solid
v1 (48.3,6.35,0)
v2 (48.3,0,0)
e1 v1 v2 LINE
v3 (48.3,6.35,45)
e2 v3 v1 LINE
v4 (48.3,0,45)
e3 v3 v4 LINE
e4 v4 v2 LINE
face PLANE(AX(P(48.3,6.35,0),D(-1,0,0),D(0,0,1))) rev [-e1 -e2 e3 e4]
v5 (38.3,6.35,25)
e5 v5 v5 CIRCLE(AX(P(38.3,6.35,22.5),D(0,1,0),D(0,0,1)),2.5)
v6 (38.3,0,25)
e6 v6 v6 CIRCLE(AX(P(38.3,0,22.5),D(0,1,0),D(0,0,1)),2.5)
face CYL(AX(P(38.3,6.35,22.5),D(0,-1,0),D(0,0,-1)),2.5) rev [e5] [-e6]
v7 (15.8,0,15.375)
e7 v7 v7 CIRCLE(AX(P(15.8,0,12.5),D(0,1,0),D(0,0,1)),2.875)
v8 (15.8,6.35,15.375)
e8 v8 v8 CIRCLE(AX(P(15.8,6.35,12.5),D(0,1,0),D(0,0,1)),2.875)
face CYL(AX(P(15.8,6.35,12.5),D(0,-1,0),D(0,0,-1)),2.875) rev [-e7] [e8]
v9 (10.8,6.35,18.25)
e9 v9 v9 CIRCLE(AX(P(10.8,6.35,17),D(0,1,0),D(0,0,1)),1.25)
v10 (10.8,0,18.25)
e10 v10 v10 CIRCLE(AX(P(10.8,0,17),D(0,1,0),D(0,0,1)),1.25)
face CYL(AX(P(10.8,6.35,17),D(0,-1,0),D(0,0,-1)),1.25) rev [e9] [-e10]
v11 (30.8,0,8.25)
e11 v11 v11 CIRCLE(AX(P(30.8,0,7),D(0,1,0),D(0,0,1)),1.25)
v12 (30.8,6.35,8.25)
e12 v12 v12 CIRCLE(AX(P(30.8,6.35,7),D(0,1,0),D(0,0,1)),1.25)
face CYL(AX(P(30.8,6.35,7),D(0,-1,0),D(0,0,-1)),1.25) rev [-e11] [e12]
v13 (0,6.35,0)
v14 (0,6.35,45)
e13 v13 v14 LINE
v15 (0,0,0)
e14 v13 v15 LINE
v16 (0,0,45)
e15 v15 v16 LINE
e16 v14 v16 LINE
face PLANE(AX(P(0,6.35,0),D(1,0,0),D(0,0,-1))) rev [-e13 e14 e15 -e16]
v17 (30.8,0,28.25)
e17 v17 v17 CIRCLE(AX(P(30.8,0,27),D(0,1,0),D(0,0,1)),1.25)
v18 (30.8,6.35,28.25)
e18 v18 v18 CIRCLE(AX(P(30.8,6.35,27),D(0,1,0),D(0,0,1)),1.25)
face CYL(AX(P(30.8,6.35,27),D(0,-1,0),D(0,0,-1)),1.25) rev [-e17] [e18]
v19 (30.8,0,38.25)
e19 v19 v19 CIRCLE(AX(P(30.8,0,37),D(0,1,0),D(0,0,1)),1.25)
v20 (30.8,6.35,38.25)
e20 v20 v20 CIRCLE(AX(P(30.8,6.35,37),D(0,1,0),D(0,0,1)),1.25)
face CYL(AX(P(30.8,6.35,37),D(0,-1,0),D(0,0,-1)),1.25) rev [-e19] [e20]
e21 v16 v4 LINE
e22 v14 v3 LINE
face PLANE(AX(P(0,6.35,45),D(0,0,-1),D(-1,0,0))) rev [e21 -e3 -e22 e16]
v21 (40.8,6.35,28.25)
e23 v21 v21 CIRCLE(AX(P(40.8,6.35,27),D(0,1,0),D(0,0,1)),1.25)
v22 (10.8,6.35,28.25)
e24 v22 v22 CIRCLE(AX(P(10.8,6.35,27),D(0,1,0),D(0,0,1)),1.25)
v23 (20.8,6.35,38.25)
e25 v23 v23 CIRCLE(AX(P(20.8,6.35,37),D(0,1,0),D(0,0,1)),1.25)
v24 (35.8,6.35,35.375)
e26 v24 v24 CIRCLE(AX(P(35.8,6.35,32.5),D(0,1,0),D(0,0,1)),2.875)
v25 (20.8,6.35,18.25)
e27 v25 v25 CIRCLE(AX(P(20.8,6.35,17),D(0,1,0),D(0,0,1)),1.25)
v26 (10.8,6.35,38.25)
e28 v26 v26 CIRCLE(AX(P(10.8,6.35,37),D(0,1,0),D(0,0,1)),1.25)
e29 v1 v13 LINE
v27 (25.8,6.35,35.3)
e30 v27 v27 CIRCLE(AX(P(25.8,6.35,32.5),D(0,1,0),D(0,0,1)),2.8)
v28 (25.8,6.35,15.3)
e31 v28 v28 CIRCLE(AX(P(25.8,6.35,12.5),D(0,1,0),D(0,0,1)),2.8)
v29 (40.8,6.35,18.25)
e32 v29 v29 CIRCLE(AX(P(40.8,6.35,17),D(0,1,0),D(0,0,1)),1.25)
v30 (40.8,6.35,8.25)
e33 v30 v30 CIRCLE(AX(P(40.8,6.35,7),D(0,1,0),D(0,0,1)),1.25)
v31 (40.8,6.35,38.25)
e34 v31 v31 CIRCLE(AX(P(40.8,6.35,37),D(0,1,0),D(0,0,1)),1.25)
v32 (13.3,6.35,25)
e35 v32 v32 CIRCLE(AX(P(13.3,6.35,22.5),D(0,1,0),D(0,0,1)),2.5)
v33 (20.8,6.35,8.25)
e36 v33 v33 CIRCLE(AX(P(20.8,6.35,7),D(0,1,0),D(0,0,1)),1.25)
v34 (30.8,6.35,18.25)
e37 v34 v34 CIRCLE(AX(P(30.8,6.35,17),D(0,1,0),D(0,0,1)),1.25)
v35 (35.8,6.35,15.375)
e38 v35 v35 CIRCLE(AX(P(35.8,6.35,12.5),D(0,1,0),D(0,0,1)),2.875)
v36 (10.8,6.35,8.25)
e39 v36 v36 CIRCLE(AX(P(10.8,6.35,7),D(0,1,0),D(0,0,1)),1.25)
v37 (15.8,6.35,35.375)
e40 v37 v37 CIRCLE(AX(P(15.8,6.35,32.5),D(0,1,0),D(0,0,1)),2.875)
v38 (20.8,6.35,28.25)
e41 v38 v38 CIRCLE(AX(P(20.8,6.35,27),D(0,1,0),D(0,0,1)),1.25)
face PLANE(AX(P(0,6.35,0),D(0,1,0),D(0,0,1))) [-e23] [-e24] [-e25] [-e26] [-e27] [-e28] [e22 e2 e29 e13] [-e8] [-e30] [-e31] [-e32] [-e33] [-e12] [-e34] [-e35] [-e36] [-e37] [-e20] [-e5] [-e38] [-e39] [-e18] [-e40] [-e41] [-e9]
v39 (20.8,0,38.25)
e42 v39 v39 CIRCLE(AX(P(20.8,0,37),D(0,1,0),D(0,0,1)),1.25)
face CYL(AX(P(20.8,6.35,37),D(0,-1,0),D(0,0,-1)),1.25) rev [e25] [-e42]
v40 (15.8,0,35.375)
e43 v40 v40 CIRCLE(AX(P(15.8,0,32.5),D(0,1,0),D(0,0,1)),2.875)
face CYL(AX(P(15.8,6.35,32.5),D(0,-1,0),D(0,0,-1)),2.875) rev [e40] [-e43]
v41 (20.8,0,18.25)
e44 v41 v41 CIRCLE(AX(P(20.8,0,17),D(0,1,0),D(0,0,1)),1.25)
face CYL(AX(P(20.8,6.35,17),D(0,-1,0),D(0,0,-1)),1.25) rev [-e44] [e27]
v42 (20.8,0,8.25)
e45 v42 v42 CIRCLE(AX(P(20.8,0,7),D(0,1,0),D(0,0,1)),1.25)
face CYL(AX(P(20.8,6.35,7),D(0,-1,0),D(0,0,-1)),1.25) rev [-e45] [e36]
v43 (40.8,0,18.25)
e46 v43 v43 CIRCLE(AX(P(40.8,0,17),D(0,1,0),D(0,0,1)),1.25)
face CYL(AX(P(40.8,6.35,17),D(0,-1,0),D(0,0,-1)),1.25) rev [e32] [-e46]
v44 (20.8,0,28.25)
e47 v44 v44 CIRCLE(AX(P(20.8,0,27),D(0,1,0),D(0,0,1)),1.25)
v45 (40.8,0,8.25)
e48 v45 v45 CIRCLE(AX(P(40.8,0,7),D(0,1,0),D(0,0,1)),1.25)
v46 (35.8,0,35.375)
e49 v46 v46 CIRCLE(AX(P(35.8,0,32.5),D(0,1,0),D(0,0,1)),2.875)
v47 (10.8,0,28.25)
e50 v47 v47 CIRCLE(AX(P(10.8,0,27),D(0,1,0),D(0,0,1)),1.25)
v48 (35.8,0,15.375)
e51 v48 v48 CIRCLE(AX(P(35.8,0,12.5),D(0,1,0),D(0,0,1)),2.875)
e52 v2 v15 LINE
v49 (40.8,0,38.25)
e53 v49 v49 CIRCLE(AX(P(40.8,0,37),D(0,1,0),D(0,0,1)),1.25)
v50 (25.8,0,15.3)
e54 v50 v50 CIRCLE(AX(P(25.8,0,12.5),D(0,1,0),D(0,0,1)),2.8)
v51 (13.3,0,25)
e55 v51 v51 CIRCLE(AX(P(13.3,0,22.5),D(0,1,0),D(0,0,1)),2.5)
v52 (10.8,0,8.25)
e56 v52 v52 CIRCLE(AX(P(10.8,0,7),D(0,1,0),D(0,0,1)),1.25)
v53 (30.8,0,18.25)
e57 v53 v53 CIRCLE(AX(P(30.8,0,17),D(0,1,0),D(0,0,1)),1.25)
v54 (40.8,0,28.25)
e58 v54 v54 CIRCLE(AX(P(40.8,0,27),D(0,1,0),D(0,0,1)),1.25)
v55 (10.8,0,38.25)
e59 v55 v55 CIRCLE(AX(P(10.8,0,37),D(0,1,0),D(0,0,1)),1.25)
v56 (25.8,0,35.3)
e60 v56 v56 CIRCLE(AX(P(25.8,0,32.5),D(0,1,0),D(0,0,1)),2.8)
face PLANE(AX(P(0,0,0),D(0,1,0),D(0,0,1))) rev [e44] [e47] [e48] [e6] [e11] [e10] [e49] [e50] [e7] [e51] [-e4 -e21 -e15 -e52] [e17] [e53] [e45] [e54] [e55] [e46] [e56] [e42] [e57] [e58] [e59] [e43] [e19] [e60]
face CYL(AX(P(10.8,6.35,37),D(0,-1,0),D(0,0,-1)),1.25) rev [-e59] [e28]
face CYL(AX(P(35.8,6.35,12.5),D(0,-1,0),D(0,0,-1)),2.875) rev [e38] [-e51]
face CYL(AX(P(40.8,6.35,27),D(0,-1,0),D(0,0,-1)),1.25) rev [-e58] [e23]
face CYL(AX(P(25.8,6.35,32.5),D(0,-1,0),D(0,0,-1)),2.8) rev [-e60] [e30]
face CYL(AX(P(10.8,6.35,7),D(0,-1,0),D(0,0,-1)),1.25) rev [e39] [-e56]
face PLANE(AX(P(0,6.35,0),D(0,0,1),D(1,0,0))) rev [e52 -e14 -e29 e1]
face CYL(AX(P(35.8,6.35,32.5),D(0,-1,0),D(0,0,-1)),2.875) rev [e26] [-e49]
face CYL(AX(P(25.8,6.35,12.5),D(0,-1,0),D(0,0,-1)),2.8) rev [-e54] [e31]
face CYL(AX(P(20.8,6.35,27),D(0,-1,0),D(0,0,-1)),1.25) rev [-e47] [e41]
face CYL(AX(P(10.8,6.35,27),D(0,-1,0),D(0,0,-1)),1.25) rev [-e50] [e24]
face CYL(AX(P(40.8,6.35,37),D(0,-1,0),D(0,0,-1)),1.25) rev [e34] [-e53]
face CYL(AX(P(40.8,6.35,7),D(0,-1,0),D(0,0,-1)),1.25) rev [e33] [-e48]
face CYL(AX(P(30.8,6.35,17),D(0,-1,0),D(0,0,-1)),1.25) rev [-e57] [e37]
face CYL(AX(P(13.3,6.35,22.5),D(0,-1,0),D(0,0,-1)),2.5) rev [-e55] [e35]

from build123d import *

# Parameters (mm, degrees)
SKETCH1_W           = 48.3
SKETCH1_H           = 45
SKETCH1_R           = 2.875
SKETCH1_R_2         = 1.25
SKETCH1_R_3         = 2.8
SKETCH1_R_4         = 2.5
BOSS_EXTRUDE1_DEPTH = 6.35


with BuildPart() as part:
    # Sketch1 → Boss-Extrude1 (new body)
    with BuildSketch(Plane(origin=(0, 0, 0), x_dir=(1, 0, 0), z_dir=(0, 1, 0))):
        with Locations((24.15, -22.5)):
            Rectangle(SKETCH1_W, SKETCH1_H)
        with Locations(Location((15.8, -12.5, 0), (0, 0, 270))):
            Circle(SKETCH1_R, mode=Mode.SUBTRACT)
        with Locations(Location((35.8, -12.5, 0), (0, 0, 270))):
            Circle(SKETCH1_R, mode=Mode.SUBTRACT)
        with Locations(Location((15.8, -32.5, 0), (0, 0, 270))):
            Circle(SKETCH1_R, mode=Mode.SUBTRACT)
        with Locations(Location((35.8, -32.5, 0), (0, 0, 270))):
            Circle(SKETCH1_R, mode=Mode.SUBTRACT)
        with Locations(Location((10.8, -7, 0), (0, 0, 270))):
            Circle(SKETCH1_R_2, mode=Mode.SUBTRACT)
        with Locations(Location((20.8, -7, 0), (0, 0, 270))):
            Circle(SKETCH1_R_2, mode=Mode.SUBTRACT)
        with Locations(Location((30.8, -7, 0), (0, 0, 270))):
            Circle(SKETCH1_R_2, mode=Mode.SUBTRACT)
        with Locations(Location((40.8, -7, 0), (0, 0, 270))):
            Circle(SKETCH1_R_2, mode=Mode.SUBTRACT)
        with Locations(Location((20.8, -17, 0), (0, 0, 270))):
            Circle(SKETCH1_R_2, mode=Mode.SUBTRACT)
        with Locations(Location((30.8, -17, 0), (0, 0, 270))):
            Circle(SKETCH1_R_2, mode=Mode.SUBTRACT)
        with Locations(Location((40.8, -17, 0), (0, 0, 270))):
            Circle(SKETCH1_R_2, mode=Mode.SUBTRACT)
        with Locations(Location((20.8, -27, 0), (0, 0, 270))):
            Circle(SKETCH1_R_2, mode=Mode.SUBTRACT)
        with Locations(Location((30.8, -27, 0), (0, 0, 270))):
            Circle(SKETCH1_R_2, mode=Mode.SUBTRACT)
        with Locations(Location((40.8, -27, 0), (0, 0, 270))):
            Circle(SKETCH1_R_2, mode=Mode.SUBTRACT)
        with Locations(Location((20.8, -37, 0), (0, 0, 270))):
            Circle(SKETCH1_R_2, mode=Mode.SUBTRACT)
        with Locations(Location((30.8, -37, 0), (0, 0, 270))):
            Circle(SKETCH1_R_2, mode=Mode.SUBTRACT)
        with Locations(Location((40.8, -37, 0), (0, 0, 270))):
            Circle(SKETCH1_R_2, mode=Mode.SUBTRACT)
        with Locations(Location((10.8, -17, 0), (0, 0, 270))):
            Circle(SKETCH1_R_2, mode=Mode.SUBTRACT)
        with Locations(Location((10.8, -27, 0), (0, 0, 270))):
            Circle(SKETCH1_R_2, mode=Mode.SUBTRACT)
        with Locations(Location((10.8, -37, 0), (0, 0, 270))):
            Circle(SKETCH1_R_2, mode=Mode.SUBTRACT)
        with Locations(Location((25.8, -12.5, 0), (0, 0, 270))):
            Circle(SKETCH1_R_3, mode=Mode.SUBTRACT)
        with Locations(Location((25.8, -32.5, 0), (0, 0, 270))):
            Circle(SKETCH1_R_3, mode=Mode.SUBTRACT)
        with Locations(Location((13.3, -22.5, 0), (0, 0, 270))):
            Circle(SKETCH1_R_4, mode=Mode.SUBTRACT)
        with Locations(Location((38.3, -22.5, 0), (0, 0, 270))):
            Circle(SKETCH1_R_4, mode=Mode.SUBTRACT)
    extrude(amount=BOSS_EXTRUDE1_DEPTH)


solid = part.part
